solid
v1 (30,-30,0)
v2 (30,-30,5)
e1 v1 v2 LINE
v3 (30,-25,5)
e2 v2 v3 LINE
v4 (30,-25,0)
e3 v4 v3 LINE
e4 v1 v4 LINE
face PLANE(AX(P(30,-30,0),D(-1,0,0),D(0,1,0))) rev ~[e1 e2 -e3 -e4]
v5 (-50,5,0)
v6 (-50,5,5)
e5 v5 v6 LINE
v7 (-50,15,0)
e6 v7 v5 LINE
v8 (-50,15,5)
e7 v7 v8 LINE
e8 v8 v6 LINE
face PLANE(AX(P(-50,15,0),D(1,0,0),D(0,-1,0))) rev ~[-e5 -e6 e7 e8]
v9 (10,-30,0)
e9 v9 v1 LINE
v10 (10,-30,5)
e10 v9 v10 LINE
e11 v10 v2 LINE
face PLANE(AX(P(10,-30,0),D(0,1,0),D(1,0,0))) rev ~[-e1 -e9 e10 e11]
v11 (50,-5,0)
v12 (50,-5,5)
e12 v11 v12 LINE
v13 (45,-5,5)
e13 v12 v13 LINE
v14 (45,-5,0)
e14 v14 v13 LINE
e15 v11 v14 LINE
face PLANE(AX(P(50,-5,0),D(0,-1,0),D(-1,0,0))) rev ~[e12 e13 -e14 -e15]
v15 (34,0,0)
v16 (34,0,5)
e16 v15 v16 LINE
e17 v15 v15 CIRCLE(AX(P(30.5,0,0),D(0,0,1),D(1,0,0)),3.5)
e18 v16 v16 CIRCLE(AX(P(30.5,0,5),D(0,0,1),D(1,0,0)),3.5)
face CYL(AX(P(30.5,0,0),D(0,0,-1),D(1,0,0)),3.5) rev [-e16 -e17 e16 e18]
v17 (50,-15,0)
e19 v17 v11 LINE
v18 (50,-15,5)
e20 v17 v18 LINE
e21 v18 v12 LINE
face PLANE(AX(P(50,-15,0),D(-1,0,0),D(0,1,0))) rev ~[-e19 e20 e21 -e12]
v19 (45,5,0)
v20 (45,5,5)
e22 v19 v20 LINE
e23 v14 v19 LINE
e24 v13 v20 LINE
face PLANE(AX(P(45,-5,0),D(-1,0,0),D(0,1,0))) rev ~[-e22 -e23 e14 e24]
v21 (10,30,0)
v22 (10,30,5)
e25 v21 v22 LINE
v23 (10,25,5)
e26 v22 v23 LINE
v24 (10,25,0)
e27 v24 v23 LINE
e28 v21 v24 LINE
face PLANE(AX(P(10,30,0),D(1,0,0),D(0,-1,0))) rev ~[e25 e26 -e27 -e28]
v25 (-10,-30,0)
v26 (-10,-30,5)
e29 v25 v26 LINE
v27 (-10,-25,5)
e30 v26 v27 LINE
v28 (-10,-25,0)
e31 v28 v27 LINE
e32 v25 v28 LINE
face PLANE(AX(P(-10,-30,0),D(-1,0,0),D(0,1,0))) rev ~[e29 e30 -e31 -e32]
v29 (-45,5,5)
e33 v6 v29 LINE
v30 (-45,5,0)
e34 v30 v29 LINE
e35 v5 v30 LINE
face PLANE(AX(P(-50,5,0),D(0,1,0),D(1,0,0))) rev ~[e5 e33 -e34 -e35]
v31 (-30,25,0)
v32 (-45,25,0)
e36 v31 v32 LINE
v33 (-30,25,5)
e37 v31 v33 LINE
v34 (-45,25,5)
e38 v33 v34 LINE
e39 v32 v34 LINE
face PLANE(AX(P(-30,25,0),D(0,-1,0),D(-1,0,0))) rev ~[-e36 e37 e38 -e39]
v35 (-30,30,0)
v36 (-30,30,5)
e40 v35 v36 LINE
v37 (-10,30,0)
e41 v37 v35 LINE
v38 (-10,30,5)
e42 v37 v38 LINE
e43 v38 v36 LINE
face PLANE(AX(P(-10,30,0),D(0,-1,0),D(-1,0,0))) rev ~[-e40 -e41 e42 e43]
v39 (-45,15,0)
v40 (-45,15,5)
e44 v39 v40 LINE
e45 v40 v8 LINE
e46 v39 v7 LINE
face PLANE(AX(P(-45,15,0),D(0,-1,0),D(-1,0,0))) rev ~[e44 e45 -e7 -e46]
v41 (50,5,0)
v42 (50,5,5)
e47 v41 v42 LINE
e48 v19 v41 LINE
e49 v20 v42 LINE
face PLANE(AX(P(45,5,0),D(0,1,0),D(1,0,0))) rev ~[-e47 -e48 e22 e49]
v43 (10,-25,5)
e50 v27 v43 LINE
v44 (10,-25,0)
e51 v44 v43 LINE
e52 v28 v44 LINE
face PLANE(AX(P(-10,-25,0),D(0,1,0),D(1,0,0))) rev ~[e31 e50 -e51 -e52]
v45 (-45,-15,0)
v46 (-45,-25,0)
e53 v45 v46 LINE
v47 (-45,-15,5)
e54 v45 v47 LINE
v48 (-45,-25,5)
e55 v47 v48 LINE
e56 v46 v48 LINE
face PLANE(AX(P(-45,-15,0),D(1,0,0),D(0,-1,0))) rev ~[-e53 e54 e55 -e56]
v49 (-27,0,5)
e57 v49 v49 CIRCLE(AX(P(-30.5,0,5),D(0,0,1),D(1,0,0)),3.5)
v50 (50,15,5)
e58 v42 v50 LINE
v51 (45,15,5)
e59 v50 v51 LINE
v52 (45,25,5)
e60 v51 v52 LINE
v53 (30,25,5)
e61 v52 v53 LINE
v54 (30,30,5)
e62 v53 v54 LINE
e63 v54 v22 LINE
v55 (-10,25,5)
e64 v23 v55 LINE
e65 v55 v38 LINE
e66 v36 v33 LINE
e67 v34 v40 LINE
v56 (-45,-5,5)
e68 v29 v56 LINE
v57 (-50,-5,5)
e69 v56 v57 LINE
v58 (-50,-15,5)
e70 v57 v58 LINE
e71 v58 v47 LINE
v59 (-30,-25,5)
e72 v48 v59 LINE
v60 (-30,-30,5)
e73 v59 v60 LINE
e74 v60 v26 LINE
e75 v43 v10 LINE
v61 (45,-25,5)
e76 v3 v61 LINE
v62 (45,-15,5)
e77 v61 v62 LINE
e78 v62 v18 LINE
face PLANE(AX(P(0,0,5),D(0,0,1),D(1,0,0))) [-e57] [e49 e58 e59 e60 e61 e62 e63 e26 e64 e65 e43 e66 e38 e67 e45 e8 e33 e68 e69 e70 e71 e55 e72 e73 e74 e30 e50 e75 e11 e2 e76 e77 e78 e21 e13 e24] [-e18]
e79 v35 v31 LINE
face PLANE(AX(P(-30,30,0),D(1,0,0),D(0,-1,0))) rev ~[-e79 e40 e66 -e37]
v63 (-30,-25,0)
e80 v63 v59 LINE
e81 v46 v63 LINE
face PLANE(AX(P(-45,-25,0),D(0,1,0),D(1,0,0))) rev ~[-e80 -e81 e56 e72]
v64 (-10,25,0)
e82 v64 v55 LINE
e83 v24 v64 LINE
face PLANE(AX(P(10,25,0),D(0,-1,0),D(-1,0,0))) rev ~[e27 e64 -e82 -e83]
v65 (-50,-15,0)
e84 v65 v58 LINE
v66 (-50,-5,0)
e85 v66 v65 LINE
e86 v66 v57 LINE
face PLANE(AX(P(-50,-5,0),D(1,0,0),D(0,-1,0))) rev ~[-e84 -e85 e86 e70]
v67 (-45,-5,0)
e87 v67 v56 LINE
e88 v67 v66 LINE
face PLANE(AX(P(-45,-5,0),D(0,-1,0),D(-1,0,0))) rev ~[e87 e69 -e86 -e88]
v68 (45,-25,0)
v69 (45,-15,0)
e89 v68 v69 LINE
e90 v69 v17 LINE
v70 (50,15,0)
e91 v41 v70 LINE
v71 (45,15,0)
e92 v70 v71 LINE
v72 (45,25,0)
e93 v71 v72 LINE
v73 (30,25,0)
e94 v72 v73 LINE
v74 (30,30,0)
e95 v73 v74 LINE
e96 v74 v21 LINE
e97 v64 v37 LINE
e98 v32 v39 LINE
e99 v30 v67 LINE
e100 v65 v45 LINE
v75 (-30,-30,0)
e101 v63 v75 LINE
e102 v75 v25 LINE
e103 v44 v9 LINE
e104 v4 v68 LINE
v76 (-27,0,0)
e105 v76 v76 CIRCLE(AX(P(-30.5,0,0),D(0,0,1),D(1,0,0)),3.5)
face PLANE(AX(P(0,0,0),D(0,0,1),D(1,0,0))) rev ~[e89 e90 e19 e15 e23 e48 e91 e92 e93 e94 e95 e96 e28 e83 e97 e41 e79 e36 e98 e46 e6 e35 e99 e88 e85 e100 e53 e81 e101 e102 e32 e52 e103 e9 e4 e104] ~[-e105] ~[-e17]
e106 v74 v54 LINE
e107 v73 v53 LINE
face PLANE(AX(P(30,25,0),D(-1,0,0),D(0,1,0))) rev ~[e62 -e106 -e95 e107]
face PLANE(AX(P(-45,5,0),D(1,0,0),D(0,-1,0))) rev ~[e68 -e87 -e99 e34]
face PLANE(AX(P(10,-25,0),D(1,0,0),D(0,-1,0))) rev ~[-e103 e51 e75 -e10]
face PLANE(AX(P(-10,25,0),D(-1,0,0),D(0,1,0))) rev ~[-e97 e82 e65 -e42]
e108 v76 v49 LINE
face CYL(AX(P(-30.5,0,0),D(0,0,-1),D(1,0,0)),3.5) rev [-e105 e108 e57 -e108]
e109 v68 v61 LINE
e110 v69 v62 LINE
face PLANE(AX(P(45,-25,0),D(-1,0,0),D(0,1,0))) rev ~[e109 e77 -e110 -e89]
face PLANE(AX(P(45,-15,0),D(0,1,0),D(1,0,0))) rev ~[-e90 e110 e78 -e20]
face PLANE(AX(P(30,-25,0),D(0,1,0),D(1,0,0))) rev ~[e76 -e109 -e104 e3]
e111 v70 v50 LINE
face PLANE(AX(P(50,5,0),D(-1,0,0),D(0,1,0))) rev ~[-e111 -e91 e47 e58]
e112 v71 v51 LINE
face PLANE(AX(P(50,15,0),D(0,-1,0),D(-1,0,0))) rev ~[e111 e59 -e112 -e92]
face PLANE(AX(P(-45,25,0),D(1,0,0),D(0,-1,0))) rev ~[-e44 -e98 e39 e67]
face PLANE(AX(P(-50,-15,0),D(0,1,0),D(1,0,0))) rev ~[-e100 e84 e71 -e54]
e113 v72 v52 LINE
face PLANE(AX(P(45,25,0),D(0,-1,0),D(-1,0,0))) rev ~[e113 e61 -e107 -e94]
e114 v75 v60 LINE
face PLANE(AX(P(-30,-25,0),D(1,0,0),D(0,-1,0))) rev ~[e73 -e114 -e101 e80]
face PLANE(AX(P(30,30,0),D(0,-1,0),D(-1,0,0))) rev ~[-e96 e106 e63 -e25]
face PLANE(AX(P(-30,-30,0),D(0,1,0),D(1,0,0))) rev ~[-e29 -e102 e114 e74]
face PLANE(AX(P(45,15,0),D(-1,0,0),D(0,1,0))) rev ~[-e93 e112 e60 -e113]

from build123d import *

# Parameters (mm, degrees)
F0_R     = 3.5
F1_DEPTH = 5


with BuildPart() as f1:
    # F0 (on Top) → F1 (new body)
    with BuildSketch(Plane.XY):
        Polygon((45, 15), (45, 25), (30, 25), (30, 30), (10, 30), (10, 25), (-10, 25), (-10, 30), (-30, 30), (-30, 25), (-45, 25), (-45, 15), (-50, 15), (-50, 5), (-45, 5), (-45, -5), (-50, -5), (-50, -15), (-45, -15), (-45, -25), (-30, -25), (-30, -30), (-10, -30), (-10, -25), (10, -25), (10, -30), (30, -30), (30, -25), (45, -25), (45, -15), (50, -15), (50, -5), (45, -5), (45, 5), (50, 5), (50, 15), align=None)
        with Locations((-30.5, 0)):
            Circle(F0_R, mode=Mode.SUBTRACT)
        with Locations((30.5, 0)):
            Circle(F0_R, mode=Mode.SUBTRACT)
    extrude(amount=F1_DEPTH)


solid = f1.part
